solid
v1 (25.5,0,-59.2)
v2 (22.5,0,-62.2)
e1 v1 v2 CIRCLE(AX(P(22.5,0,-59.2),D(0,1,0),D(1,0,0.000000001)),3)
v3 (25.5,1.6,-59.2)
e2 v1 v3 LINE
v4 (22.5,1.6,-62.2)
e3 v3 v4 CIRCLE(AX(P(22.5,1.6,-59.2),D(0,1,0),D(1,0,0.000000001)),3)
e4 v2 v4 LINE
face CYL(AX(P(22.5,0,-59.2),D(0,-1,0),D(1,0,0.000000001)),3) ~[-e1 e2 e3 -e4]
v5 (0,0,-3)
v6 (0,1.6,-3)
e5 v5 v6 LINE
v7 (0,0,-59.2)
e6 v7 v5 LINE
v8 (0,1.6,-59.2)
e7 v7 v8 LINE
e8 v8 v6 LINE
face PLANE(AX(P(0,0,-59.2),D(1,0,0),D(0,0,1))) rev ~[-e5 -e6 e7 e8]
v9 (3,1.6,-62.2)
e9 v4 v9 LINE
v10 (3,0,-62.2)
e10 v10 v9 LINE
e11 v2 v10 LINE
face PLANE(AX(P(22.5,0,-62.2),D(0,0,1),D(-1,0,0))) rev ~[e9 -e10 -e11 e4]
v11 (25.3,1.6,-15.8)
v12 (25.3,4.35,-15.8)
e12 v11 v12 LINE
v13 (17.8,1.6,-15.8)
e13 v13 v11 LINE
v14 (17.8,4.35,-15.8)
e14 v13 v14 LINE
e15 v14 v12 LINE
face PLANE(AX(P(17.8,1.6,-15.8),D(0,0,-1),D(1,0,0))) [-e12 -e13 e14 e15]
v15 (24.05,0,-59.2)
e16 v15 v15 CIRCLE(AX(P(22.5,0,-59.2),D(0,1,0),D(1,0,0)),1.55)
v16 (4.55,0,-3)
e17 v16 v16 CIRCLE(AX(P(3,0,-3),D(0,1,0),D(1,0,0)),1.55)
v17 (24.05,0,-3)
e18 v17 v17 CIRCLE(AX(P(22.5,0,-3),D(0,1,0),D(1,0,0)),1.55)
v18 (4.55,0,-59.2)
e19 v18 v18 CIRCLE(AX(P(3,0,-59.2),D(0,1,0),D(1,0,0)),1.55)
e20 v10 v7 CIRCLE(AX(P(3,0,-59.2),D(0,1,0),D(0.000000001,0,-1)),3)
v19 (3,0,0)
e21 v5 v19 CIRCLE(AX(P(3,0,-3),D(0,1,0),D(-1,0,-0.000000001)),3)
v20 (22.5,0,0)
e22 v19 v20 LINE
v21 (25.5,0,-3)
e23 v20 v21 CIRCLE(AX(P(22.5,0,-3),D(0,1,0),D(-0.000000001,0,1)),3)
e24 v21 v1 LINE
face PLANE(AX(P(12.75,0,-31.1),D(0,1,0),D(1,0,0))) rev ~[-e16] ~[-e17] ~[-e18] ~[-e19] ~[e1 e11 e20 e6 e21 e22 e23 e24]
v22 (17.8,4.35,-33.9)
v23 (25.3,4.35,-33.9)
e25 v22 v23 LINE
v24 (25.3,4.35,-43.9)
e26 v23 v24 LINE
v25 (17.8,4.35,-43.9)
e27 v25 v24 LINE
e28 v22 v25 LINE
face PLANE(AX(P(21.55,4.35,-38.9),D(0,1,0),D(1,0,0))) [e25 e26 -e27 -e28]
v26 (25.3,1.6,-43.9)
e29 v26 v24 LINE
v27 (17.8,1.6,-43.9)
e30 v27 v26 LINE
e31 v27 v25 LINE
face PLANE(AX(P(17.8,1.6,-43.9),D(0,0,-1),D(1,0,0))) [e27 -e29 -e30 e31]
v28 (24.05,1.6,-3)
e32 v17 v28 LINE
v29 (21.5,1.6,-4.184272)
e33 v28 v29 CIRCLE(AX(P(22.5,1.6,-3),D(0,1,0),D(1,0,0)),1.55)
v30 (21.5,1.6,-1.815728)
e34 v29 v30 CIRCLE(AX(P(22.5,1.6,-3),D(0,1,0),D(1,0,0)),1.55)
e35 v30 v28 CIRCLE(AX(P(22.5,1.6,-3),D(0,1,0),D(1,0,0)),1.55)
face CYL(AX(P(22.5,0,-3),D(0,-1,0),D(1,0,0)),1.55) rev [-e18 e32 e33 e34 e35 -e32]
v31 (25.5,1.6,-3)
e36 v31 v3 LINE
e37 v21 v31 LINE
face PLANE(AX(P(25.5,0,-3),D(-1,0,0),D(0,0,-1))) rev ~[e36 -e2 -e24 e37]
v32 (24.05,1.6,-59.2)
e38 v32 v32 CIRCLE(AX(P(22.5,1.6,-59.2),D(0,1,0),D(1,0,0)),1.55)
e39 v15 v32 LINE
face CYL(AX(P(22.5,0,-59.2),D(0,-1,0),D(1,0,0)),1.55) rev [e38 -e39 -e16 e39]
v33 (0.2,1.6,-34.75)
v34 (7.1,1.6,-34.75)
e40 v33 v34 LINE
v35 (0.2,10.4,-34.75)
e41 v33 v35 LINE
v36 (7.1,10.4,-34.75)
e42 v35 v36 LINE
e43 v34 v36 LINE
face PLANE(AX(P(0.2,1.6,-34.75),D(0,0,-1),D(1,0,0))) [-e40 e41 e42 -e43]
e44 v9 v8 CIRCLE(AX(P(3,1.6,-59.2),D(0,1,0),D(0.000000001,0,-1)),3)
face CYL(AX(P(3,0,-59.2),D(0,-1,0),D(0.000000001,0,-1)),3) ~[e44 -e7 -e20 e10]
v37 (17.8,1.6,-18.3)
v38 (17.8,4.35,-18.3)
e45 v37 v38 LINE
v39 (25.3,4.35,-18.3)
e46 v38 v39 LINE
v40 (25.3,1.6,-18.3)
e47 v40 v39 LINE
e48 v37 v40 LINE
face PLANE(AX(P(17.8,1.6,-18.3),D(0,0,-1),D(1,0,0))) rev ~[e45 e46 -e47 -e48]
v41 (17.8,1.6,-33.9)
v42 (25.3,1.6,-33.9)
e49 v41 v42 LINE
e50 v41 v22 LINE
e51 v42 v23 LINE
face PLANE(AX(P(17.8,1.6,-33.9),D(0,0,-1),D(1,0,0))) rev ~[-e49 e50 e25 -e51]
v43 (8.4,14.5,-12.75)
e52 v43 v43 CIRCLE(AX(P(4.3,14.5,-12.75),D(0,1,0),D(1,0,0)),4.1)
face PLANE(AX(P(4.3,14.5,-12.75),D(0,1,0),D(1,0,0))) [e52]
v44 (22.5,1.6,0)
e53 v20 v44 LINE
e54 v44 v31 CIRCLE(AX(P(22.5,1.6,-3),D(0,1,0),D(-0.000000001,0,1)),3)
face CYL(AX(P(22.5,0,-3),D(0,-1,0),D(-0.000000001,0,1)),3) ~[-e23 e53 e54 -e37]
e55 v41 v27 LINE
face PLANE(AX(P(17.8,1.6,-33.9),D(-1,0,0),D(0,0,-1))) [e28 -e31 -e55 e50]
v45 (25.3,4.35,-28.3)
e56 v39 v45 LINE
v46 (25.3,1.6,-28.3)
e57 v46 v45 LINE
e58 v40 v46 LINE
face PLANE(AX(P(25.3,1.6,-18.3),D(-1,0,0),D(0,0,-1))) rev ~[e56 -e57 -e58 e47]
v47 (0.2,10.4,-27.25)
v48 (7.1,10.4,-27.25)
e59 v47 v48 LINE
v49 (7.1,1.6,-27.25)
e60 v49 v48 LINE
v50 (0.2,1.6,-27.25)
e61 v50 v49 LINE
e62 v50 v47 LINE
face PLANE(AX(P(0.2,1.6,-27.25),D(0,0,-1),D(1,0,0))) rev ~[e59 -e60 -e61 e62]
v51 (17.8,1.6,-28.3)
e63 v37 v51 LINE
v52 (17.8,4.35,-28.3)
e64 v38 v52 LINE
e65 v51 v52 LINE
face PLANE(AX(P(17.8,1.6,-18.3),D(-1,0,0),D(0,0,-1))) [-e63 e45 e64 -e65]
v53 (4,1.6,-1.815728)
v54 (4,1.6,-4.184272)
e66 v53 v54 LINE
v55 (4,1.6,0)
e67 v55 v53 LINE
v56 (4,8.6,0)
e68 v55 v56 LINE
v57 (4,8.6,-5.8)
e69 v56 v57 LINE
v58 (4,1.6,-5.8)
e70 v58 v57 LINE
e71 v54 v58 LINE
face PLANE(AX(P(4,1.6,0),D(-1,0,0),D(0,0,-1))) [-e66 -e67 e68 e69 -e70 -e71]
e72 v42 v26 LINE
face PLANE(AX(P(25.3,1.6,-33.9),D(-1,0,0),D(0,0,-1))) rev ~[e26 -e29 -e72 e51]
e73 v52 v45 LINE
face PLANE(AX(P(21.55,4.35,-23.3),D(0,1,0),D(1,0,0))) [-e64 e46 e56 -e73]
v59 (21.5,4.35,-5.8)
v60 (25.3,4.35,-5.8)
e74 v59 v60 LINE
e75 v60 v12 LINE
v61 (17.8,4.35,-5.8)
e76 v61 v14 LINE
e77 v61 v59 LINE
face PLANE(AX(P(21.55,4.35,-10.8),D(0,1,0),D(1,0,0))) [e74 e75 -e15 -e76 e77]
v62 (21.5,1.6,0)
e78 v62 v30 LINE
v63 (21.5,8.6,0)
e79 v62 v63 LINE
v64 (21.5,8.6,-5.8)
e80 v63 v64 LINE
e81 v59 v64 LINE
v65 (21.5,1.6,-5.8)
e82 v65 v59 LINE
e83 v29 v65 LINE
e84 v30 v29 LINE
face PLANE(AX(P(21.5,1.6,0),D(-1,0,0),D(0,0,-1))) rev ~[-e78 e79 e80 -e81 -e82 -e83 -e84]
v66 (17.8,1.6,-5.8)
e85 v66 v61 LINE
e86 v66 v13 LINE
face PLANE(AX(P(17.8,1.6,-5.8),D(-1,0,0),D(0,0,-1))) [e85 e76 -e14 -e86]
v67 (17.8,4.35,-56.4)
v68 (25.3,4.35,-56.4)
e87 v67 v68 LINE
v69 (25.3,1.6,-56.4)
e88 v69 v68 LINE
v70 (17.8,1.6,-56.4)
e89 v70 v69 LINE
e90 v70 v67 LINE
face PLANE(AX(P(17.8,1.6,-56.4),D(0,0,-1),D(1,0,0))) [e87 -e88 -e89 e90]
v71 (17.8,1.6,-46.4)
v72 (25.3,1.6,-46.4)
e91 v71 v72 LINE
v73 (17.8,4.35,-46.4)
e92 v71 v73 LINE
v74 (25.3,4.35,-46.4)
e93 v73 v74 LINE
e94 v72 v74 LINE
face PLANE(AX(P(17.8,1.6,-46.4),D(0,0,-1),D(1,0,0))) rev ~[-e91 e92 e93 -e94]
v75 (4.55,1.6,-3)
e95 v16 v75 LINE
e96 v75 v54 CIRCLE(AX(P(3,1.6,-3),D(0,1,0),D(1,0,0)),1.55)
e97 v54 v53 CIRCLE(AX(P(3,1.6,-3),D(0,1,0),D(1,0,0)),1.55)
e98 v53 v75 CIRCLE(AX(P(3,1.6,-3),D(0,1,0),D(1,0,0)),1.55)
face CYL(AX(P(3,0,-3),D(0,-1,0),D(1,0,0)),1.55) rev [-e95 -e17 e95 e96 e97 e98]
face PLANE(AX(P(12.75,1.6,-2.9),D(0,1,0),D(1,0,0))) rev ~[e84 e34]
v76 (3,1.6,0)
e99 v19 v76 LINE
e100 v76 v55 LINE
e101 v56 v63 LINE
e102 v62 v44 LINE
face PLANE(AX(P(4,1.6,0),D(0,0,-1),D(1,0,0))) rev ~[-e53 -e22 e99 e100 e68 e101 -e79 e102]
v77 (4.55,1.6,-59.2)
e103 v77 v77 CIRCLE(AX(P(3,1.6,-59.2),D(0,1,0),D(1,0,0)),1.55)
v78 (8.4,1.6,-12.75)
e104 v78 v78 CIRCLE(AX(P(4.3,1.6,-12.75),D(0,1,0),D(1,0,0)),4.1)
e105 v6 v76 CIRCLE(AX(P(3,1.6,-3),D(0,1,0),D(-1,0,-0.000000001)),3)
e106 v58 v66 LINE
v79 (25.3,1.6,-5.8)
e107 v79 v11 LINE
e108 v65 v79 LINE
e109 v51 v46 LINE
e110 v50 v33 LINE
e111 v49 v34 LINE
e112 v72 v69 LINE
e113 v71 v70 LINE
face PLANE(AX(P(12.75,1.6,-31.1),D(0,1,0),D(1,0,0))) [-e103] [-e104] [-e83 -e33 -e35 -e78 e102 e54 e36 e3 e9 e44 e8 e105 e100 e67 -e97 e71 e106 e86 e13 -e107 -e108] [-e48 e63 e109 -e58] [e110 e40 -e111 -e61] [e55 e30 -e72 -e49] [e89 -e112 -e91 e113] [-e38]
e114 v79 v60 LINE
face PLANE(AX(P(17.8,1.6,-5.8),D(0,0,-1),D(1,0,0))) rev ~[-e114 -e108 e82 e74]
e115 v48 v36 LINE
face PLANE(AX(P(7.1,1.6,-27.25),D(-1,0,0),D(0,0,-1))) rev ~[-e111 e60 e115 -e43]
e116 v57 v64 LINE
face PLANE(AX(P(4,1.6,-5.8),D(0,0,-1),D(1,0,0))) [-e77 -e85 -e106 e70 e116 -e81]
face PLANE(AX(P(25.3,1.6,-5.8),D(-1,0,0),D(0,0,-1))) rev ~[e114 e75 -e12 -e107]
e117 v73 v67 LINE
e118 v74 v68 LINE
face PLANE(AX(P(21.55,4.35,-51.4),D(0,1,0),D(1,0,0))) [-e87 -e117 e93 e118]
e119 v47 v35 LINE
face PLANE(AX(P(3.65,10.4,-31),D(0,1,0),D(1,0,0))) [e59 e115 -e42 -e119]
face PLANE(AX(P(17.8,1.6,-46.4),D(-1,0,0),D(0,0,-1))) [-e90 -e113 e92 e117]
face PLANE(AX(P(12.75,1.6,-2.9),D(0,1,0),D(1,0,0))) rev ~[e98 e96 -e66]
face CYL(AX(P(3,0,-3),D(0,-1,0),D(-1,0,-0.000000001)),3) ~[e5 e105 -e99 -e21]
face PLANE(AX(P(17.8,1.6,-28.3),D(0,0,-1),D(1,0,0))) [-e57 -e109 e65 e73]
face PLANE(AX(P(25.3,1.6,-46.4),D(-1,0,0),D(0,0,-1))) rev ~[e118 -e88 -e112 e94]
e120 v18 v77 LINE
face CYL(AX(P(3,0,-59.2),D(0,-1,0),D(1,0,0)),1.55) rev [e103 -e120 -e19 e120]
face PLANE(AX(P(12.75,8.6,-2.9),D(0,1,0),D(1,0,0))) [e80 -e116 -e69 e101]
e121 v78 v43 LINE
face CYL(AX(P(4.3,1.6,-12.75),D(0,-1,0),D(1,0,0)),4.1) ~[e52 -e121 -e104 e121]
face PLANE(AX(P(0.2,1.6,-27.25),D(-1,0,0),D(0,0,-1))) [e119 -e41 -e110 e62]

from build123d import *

# Parameters (mm, degrees)
SKETCH1_R           = 1.55
BOSS_EXTRUDE1_DEPTH = 1.6
SKETCH2_W           = 6.9
SKETCH2_H           = 7.5
BOSS_EXTRUDE2_DEPTH = 8.8
SKETCH3_R           = 4.1
BOSS_EXTRUDE3_DEPTH = 12.9
SKETCH4_W           = 7.5
SKETCH4_H           = 10
BOSS_EXTRUDE4_DEPTH = 2.75
SKETCH6_W           = 17.5
SKETCH6_H           = 5.8
BOSS_EXTRUDE5_DEPTH = 7


with BuildPart() as part:
    # Sketch1 → Boss-Extrude1 (new body)
    with BuildSketch(Plane(origin=(0, 0, 0), x_dir=(1, 0, 0), z_dir=(0, 1, 0))):
        with BuildLine():
            Line((3, 0), (22.5, 0))
            ThreePointArc((22.5, 0), (24.621320344, 0.878679656), (25.5, 3))
            Line((25.5, 3), (25.5, 59.2))
            ThreePointArc((25.5, 59.2), (24.621320344, 61.321320344), (22.5, 62.2))
            Line((22.5, 62.2), (3, 62.2))
            ThreePointArc((3, 62.2), (0.878679656, 61.321320344), (0, 59.2))
            Line((0, 59.2), (0, 3))
            ThreePointArc((0, 3), (0.878679656, 0.878679656), (3, 0))
        make_face()
        with Locations((3, 59.2)):
            Circle(SKETCH1_R, mode=Mode.SUBTRACT)
        with Locations((22.5, 59.2)):
            Circle(SKETCH1_R, mode=Mode.SUBTRACT)
        with Locations((22.5, 3)):
            Circle(SKETCH1_R, mode=Mode.SUBTRACT)
        with Locations((3, 3)):
            Circle(SKETCH1_R, mode=Mode.SUBTRACT)
    extrude(amount=BOSS_EXTRUDE1_DEPTH)

    # Sketch2 → Boss-Extrude2 (add)
    with BuildSketch(Plane(origin=(0, 1.6, 0), x_dir=(1, 0, 0), z_dir=(0, 1, 0))):
        with Locations((3.65, 31)):
            Rectangle(SKETCH2_W, SKETCH2_H)
    extrude(amount=BOSS_EXTRUDE2_DEPTH)

    # Sketch3 → Boss-Extrude3 (add)
    with BuildSketch(Plane(origin=(0, 1.6, 0), x_dir=(1, 0, 0), z_dir=(0, 1, 0))):
        with Locations((4.3, 12.75)):
            Circle(SKETCH3_R)
    extrude(amount=BOSS_EXTRUDE3_DEPTH)

    # Sketch4 → Boss-Extrude4 (add)
    with BuildSketch(Plane(origin=(0, 1.6, 0), x_dir=(1, 0, 0), z_dir=(0, 1, 0))):
        with Locations((21.55, 10.8)):
            Rectangle(SKETCH4_W, SKETCH4_H)
        with Locations((21.55, 23.3)):
            Rectangle(SKETCH4_W, SKETCH4_H)
        with Locations((21.55, 38.9)):
            Rectangle(SKETCH4_W, SKETCH4_H)
        with Locations((21.55, 51.4)):
            Rectangle(SKETCH4_W, SKETCH4_H)
    extrude(amount=BOSS_EXTRUDE4_DEPTH)

    # Sketch6 → Boss-Extrude5 (add)
    with BuildSketch(Plane(origin=(0, 1.6, 0), x_dir=(1, 0, 0), z_dir=(0, 1, 0))):
        with Locations((12.75, 2.9)):
            Rectangle(SKETCH6_W, SKETCH6_H)
    extrude(amount=BOSS_EXTRUDE5_DEPTH)


solid = part.part
